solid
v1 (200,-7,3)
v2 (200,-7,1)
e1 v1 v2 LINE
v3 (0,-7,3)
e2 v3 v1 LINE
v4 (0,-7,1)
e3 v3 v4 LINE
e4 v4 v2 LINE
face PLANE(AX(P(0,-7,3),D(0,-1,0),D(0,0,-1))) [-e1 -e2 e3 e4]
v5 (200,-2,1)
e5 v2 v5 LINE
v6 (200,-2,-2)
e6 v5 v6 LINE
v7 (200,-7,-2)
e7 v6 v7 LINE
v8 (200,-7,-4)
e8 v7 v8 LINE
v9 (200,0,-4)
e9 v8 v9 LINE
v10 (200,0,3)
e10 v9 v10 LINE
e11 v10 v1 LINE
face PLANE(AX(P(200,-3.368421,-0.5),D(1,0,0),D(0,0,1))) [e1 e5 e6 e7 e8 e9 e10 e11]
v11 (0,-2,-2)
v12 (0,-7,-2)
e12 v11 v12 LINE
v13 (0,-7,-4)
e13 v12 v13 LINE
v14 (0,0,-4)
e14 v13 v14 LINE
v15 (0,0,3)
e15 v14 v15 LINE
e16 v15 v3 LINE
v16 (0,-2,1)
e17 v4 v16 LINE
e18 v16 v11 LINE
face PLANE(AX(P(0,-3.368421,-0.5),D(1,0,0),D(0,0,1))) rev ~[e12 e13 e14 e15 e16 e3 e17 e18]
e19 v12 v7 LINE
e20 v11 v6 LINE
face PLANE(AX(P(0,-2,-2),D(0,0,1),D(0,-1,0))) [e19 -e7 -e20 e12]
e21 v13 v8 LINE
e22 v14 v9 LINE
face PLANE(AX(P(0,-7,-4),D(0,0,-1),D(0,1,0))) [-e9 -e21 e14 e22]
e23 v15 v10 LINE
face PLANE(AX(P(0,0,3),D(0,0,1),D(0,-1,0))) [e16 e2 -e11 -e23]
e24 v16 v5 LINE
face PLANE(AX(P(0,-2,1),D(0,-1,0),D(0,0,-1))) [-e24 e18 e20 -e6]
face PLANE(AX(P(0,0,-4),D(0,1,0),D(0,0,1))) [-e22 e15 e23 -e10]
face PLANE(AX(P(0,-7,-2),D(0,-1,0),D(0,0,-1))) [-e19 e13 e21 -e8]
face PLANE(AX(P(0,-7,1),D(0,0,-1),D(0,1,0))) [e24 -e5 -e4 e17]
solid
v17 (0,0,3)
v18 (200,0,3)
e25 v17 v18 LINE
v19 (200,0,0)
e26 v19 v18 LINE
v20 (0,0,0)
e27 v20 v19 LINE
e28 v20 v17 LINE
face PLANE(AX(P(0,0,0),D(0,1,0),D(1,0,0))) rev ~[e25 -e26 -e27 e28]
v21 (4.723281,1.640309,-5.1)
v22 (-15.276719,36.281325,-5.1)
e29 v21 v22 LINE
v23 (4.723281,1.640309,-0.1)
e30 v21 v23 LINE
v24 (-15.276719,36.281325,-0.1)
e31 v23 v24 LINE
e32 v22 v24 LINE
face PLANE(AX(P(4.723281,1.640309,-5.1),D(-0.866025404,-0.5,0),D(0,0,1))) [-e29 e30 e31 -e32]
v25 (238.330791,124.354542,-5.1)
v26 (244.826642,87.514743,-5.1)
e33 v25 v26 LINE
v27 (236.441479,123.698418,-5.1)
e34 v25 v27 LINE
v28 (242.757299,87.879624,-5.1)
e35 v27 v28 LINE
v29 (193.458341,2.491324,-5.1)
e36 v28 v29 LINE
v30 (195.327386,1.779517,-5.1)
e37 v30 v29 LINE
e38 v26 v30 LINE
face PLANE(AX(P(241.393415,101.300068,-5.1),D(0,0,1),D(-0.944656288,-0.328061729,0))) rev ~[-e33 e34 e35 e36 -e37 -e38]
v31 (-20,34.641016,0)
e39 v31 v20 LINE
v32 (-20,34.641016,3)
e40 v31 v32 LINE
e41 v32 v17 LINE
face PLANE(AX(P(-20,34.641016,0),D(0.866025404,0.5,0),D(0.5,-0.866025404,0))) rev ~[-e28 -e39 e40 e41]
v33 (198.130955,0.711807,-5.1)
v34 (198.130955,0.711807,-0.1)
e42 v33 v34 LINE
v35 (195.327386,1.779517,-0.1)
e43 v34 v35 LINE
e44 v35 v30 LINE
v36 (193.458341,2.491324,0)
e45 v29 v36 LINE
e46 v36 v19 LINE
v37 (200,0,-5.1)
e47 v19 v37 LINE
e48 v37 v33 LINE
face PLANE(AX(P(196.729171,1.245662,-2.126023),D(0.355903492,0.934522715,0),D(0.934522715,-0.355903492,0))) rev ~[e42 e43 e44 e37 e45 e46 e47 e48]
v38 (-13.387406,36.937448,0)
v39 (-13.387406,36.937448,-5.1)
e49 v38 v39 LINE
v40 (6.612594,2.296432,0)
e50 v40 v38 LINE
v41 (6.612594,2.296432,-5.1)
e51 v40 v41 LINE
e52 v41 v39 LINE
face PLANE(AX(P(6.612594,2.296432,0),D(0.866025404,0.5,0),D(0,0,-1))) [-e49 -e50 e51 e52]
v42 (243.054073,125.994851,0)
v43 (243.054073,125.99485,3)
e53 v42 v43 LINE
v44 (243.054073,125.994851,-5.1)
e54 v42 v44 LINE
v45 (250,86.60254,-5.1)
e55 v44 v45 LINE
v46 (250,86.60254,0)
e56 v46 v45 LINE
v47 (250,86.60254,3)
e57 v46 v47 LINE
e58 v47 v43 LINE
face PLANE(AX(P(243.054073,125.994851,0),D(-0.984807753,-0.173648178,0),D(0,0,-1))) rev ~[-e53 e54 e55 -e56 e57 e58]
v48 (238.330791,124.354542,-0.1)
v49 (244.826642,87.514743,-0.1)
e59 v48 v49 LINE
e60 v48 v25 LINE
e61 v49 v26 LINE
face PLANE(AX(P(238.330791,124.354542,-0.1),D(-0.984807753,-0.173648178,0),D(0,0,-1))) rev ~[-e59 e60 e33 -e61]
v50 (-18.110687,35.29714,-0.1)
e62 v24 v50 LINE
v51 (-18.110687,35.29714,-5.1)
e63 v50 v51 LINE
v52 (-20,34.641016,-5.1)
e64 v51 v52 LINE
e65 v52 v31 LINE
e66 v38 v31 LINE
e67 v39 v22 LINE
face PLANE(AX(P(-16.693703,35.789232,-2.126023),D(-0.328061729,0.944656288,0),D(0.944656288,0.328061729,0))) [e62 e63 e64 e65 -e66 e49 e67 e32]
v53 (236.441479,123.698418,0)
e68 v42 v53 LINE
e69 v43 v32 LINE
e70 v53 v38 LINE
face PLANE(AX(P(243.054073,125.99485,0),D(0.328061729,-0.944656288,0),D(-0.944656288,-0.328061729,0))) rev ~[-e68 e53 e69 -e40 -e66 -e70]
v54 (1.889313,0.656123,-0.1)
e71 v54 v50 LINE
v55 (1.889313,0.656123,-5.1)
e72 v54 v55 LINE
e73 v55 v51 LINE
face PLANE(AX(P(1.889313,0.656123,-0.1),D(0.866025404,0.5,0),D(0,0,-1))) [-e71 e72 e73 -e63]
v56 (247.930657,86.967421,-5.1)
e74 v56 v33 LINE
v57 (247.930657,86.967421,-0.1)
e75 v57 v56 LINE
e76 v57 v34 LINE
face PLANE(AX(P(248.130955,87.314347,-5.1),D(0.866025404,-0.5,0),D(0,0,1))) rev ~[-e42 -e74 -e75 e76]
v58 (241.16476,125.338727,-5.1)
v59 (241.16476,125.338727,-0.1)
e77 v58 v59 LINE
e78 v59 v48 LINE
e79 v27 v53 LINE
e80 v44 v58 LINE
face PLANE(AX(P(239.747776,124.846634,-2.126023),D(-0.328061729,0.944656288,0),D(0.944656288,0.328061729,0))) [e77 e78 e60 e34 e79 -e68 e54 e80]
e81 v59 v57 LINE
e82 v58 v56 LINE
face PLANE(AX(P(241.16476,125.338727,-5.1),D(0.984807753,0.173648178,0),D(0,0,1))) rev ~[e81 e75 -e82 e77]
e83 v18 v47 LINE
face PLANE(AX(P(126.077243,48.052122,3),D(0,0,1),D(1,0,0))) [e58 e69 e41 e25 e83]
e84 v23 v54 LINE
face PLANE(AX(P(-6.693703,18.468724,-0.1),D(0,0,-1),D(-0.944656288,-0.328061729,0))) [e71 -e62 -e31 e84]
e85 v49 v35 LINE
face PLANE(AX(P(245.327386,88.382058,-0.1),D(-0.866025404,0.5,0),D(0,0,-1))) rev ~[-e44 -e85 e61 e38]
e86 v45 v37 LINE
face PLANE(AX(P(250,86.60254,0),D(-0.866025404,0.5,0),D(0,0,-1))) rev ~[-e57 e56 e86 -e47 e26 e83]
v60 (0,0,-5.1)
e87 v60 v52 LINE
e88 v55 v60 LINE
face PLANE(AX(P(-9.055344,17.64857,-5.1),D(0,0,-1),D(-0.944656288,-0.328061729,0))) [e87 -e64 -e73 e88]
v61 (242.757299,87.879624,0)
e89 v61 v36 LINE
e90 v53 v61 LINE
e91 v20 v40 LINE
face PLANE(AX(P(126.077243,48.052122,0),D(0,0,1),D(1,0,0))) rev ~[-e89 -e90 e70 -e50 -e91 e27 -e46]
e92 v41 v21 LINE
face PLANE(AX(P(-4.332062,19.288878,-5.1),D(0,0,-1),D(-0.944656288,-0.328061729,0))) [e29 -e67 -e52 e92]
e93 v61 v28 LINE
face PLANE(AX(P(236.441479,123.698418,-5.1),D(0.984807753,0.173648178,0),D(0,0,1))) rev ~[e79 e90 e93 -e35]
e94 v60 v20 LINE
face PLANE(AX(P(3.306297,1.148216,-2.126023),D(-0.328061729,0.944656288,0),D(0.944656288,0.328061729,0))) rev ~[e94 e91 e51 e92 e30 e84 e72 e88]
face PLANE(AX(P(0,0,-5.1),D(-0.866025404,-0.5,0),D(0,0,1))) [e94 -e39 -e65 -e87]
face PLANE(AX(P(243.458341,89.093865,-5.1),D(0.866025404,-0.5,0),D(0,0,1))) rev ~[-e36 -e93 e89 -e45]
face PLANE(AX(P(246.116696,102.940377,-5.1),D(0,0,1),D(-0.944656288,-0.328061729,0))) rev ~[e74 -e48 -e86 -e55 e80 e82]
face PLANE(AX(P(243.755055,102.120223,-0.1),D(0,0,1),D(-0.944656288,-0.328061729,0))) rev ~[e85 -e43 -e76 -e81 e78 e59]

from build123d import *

# Parameters (mm, degrees)
F1_DEPTH = 3


with BuildPart() as f1:
    # F0 (on Top) → F1 (new body)
    with BuildSketch(Plane.XY):
        Polygon((243.0540728933, 125.9948504989), (-20, 34.6410161514), (0, 0), (200, 0), (250, 86.6025403784), align=None)
    extrude(amount=F1_DEPTH)

    # F4: sweep along a path in F4_path
    with BuildLine(Plane(origin=(0, 0, 0), x_dir=(0.5, -0.8660254038, 0), z_dir=(0.8660254038, 0.5, 0))) as f4_path:
        Line((0, 0), (-40, 0))
    # F2 (on face) → F4 (sweep)
    with BuildSketch(Plane(origin=(-12.8879339993, 37.1109056769, 0), x_dir=(-0.9446562877, -0.3280617292, 0), z_dir=(-0.3280617292, 0.9446562877, 0))):
        Polygon((7.5287340946, -5.1), (7.5287340946, 0), (0.5287340946, 0), (0.5287340946, -5.1), (2.5287340946, -5.1), (2.5287340946, -0.1), (5.5287340946, -0.1), (5.5287340946, -5.1), align=None)
    sweep(path=f4_path.line)

    # F6: sweep along a path in F6_path
    with BuildLine(Plane(origin=(250, 86.6025403784, 0), x_dir=(0, -1, 0), z_dir=(0, 0, -1))) as f6_path:
        Line((-39.3923101205, 6.9459271067), (0, 0))
        Line((0, 0), (86.6025403784, 50))
    # F3 (on face) → F6 (sweep)
    with BuildSketch(Plane(origin=(-12.8879339993, 37.1109056769, 0), x_dir=(-0.9446562877, -0.3280617292, 0), z_dir=(-0.3280617292, 0.9446562877, 0))):
        Polygon((-263.9366467264, 0), (-270.9366467264, 0), (-270.9366467264, -5.1), (-268.9366467264, -5.1), (-268.9366467264, -0.1), (-265.9366467264, -0.1), (-265.9366467264, -5.1), (-263.9366467264, -5.1), align=None)
    sweep(path=f6_path.line, transition=Transition.RIGHT)


with BuildPart() as f7:
    # F7: sweep along a path in F7_path
    with BuildLine(Plane(origin=(0, 0, 3), x_dir=(0, 1, 0), z_dir=(0, 0, 1))) as f7_path:
        Line((0, 0), (0, -200))
    # F5 (on Right) → F7 (sweep)
    with BuildSketch(Plane.YZ):
        Polygon((0, 0), (0, 3), (-7, 3), (-7, 1), (-2, 1), (-2, -2), (-7, -2), (-7, -4), (0, -4), align=None)
    sweep(path=f7_path.line)


solid = Compound([f1.part, f7.part])
